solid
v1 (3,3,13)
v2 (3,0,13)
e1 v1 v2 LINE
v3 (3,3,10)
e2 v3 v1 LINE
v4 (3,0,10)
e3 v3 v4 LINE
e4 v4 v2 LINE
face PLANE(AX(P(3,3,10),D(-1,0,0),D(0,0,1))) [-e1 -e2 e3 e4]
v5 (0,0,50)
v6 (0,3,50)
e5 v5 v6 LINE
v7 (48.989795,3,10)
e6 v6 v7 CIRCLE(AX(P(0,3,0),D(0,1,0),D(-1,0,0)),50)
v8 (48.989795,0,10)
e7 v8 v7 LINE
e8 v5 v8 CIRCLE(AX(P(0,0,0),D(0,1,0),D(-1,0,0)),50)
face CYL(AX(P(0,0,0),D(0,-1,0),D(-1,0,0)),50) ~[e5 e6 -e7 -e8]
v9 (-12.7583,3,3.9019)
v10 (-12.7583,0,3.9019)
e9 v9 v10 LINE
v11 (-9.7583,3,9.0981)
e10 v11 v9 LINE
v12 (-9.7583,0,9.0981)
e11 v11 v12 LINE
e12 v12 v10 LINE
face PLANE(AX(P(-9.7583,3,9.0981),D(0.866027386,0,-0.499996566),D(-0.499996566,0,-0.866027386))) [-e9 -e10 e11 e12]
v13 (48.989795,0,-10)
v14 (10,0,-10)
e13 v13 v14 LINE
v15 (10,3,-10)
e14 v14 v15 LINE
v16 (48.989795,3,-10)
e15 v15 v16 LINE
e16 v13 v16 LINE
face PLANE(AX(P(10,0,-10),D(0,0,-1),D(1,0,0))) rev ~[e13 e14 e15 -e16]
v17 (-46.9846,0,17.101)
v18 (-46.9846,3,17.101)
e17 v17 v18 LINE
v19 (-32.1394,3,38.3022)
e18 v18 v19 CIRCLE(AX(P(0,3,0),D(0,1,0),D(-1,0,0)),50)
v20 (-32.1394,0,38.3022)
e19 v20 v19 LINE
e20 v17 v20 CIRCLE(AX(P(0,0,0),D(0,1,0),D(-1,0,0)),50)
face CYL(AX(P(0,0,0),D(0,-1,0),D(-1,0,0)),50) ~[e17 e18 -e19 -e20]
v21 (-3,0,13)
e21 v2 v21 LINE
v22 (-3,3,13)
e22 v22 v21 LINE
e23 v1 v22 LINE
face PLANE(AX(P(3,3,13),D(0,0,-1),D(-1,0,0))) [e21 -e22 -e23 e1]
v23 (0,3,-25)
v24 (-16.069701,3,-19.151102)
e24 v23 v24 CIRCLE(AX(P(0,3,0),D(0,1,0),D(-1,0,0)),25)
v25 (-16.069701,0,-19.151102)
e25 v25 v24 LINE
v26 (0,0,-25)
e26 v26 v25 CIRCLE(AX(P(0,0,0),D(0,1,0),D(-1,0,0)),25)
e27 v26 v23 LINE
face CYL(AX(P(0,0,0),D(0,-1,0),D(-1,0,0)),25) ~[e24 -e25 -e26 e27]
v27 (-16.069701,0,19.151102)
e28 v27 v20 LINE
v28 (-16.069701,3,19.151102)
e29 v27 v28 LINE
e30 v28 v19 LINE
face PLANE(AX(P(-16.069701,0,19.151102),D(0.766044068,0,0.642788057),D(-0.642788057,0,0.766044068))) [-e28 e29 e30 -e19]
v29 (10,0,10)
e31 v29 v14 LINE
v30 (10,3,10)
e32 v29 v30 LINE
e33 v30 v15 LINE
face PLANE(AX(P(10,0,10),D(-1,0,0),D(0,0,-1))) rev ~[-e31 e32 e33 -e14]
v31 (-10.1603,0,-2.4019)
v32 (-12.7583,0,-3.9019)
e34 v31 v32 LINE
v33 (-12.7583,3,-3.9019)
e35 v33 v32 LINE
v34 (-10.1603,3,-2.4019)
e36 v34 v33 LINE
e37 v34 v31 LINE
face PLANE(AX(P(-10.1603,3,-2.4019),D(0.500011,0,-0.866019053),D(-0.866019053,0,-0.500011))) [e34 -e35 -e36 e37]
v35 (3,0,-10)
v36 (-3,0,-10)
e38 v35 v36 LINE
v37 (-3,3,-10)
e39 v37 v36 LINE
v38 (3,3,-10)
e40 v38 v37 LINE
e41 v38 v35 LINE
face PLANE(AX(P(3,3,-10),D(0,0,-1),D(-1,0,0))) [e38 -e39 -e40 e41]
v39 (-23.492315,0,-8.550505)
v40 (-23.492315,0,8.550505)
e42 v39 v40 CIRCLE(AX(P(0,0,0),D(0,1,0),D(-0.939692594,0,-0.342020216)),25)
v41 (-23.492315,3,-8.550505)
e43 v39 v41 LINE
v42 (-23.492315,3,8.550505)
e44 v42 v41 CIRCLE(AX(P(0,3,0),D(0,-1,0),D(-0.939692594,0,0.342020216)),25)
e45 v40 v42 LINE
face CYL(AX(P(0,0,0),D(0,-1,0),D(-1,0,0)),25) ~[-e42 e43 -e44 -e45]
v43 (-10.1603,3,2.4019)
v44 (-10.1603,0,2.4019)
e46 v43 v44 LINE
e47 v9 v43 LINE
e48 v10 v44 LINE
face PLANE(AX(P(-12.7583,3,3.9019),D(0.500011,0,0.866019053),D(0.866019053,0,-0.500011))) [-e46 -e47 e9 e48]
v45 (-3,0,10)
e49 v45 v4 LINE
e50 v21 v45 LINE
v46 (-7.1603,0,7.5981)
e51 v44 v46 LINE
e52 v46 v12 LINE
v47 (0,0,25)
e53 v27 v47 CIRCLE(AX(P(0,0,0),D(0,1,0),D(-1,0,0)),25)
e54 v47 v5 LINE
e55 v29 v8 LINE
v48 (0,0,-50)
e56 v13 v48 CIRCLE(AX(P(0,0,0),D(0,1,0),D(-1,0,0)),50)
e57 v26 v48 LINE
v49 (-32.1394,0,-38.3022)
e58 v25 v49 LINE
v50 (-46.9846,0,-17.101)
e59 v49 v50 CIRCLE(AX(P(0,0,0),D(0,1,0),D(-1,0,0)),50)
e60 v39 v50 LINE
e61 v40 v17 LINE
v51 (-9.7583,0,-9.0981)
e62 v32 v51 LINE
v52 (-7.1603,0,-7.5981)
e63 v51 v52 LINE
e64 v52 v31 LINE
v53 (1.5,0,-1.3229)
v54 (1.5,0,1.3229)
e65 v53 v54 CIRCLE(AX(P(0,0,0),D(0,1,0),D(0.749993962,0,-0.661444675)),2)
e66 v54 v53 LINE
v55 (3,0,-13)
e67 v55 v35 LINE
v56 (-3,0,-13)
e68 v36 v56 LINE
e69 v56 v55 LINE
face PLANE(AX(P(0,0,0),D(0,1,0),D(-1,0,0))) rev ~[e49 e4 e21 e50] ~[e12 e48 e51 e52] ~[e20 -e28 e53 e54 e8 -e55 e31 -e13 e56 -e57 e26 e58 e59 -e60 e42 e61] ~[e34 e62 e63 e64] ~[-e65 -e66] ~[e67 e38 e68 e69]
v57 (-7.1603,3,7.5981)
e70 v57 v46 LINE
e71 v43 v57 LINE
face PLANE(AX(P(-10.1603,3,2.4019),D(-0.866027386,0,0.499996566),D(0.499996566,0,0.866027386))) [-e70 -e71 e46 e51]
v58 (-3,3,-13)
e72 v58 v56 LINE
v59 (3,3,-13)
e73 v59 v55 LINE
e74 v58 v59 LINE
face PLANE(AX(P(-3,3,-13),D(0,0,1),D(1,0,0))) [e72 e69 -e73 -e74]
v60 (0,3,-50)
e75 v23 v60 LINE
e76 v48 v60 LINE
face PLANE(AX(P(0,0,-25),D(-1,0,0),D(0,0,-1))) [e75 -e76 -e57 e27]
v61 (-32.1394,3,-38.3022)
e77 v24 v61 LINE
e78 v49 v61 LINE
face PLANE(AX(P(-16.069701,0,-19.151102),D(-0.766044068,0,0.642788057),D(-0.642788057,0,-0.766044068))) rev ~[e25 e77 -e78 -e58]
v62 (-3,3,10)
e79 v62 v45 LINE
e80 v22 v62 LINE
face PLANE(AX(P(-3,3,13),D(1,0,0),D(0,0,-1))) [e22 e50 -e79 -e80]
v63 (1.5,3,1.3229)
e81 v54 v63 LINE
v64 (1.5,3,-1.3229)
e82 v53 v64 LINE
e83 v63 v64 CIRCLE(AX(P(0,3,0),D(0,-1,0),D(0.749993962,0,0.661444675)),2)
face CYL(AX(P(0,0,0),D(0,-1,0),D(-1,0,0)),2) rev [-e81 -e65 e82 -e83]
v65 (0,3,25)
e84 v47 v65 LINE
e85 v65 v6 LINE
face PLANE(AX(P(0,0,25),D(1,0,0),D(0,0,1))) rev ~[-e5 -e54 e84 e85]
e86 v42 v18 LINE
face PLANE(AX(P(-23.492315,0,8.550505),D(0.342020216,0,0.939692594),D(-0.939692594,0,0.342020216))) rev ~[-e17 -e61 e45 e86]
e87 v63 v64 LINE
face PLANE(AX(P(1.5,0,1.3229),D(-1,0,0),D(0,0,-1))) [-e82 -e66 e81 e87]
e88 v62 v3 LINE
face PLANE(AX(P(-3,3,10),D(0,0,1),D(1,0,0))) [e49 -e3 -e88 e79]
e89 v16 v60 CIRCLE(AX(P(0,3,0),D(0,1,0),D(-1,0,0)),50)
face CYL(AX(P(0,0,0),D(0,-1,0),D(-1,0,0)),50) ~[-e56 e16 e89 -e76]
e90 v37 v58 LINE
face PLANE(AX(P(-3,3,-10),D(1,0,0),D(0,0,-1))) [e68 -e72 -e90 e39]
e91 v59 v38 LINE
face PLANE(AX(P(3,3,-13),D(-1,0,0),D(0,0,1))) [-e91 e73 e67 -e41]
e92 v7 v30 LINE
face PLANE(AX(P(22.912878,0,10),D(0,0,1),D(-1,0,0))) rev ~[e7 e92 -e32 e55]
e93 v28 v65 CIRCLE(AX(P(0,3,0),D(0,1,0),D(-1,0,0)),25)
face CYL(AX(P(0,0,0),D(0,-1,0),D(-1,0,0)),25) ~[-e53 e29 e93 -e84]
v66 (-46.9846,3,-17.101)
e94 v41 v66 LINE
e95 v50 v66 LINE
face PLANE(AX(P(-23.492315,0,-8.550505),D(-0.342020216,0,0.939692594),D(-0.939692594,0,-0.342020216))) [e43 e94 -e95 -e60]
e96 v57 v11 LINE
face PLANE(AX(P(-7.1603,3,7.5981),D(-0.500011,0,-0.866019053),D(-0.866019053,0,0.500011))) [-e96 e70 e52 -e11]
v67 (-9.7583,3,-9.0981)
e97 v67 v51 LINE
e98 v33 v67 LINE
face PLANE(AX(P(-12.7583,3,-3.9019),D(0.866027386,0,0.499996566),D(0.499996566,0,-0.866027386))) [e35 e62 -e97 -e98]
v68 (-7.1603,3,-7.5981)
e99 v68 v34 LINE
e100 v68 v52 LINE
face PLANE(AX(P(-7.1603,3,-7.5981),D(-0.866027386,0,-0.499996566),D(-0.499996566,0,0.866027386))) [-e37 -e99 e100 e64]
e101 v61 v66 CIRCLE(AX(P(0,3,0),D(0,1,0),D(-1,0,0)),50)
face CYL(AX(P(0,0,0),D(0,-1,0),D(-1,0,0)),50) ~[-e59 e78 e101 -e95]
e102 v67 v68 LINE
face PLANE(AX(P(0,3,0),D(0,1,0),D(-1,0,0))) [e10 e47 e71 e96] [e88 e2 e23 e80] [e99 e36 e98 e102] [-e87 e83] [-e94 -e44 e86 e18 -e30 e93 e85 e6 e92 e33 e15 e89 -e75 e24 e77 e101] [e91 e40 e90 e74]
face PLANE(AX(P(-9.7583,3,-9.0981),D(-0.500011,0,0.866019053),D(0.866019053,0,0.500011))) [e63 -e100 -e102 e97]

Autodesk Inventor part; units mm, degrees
ref_plane "YZ Plane" through (0, 0, 0) normal (1, 0, 0) x (0, 1, 0)
ref_plane "XZ Plane" through (0, 0, 0) normal (0, 1, 0) x (-1, 0, 0)
ref_plane "XY Plane" through (0, 0, 0) normal (0, 0, 1) x (1, 0, 0)
sketch "草圖1" plane through (0, 0, 0) normal (0, 1, 0) x (-1, 0, 0)
  circle A0 centre (0, 0) radius 50
  circle A1 centre (0, 0) radius 25
  line L0 (-50, 10) -> (-10, 10)
  line L1 (-10, 10) -> (-10, -10)
  line L2 (-10, -10) -> (-50, -10)
  line L3 (-50, -10) -> (-50, 10)
  line L4 (0, 0) -> (0, -50)
  line L5 (0, 0) -> (32.1394, -38.3022)
  arc A2 (0, -50) -> (32.1394, -38.3022) centre (0, 0) ccw
  line L6 (0, 0) -> (46.9846, -17.101)
  line L7 (0, 0) -> (46.9846, 17.101)
  arc A3 (46.9846, -17.101) -> (46.9846, 17.101) centre (0, 0) ccw
  line L8 (0, 0) -> (32.1394, 38.3022)
  line L9 (0, 0) -> (0, 50)
  arc A4 (32.1394, 38.3022) -> (0, 50) centre (0, 0) ccw
  circle A5 centre (0, 0) radius 2
  line L10 (-1.5, 1.3229) -> (-1.5, -1.3229)
  point P0 (16.0697, -19.1511)
  point P1 (0, -25)
  point P2 (-48.9898, 10)
  point P3 (-48.9898, -10)
  point P4 (16.0697, 19.1511)
  point P5 (0, 25)
  point P6 (23.4923, -8.5505)
  point P7 (23.4923, 8.5505)
  point P8 (-50, 0)
  dimension "d0" = 100
  dimension "d1" = 50
  dimension "d2" = 20
  dimension "d3" = 40
  dimension "d5" = 40
  dimension "d6" = 50
  dimension "d9" = 140
  dimension "d28" = 4
  dimension "d29" = 1.5
  dimension "d30" = 50
extrude "擠出1" add sketch "草圖1" along normal blind 3 contours L7 A1 L8 A0 | A0 L5 A1 L6 | L7 A5 L8 A1 | A1 L6 A5 L7 | A1 L5 A5 L6 | L9 A1 L0 A0 | L8 A5 L9 A1 | A0 L2 A1 L4 | A1 L4 A5 L5 | L9 A5 L4 A1 L2 L1 L0 | L10 A5
sketch "草圖2" plane through (0, 3, 0) normal (0, 1, 0) x (1, 0, 0)
  line L0 (-3, 13) -> (3, 13)
  line L1 (3, 13) -> (3, 10)
  line L2 (3, 10) -> (-3, 10)
  line L3 (-3, 10) -> (-3, 13)
  line L4 (-12.7583, 3.9019) -> (-9.7583, 9.0981)
  line L5 (-9.7583, 9.0981) -> (-7.1603, 7.5981)
  line L6 (-7.1603, 7.5981) -> (-10.1603, 2.4019)
  line L7 (-10.1603, 2.4019) -> (-12.7583, 3.9019)
  line L8 (-9.7583, -9.0981) -> (-12.7583, -3.9019)
  line L9 (-12.7583, -3.9019) -> (-10.1603, -2.4019)
  line L10 (-10.1603, -2.4019) -> (-7.1603, -7.5981)
  line L11 (-7.1603, -7.5981) -> (-9.7583, -9.0981)
  line L12 (3, -13) -> (-3, -13)
  line L13 (-3, -13) -> (-3, -10)
  line L14 (-3, -10) -> (3, -10)
  line L15 (3, -10) -> (3, -13)
  point P0 (0, 0)
  point P1 (0, 10)
  point P2 (-8.6603, 5)
  point P3 (-8.6603, -5)
  point P4 (0, -10)
  dimension "d31" = 3
  dimension "d32" = 6
  dimension "d33" = 10
  dimension "d36" = 180
extrude "擠出2" cut sketch "草圖2" against normal through all
properties part number "rolling_plate_small"
